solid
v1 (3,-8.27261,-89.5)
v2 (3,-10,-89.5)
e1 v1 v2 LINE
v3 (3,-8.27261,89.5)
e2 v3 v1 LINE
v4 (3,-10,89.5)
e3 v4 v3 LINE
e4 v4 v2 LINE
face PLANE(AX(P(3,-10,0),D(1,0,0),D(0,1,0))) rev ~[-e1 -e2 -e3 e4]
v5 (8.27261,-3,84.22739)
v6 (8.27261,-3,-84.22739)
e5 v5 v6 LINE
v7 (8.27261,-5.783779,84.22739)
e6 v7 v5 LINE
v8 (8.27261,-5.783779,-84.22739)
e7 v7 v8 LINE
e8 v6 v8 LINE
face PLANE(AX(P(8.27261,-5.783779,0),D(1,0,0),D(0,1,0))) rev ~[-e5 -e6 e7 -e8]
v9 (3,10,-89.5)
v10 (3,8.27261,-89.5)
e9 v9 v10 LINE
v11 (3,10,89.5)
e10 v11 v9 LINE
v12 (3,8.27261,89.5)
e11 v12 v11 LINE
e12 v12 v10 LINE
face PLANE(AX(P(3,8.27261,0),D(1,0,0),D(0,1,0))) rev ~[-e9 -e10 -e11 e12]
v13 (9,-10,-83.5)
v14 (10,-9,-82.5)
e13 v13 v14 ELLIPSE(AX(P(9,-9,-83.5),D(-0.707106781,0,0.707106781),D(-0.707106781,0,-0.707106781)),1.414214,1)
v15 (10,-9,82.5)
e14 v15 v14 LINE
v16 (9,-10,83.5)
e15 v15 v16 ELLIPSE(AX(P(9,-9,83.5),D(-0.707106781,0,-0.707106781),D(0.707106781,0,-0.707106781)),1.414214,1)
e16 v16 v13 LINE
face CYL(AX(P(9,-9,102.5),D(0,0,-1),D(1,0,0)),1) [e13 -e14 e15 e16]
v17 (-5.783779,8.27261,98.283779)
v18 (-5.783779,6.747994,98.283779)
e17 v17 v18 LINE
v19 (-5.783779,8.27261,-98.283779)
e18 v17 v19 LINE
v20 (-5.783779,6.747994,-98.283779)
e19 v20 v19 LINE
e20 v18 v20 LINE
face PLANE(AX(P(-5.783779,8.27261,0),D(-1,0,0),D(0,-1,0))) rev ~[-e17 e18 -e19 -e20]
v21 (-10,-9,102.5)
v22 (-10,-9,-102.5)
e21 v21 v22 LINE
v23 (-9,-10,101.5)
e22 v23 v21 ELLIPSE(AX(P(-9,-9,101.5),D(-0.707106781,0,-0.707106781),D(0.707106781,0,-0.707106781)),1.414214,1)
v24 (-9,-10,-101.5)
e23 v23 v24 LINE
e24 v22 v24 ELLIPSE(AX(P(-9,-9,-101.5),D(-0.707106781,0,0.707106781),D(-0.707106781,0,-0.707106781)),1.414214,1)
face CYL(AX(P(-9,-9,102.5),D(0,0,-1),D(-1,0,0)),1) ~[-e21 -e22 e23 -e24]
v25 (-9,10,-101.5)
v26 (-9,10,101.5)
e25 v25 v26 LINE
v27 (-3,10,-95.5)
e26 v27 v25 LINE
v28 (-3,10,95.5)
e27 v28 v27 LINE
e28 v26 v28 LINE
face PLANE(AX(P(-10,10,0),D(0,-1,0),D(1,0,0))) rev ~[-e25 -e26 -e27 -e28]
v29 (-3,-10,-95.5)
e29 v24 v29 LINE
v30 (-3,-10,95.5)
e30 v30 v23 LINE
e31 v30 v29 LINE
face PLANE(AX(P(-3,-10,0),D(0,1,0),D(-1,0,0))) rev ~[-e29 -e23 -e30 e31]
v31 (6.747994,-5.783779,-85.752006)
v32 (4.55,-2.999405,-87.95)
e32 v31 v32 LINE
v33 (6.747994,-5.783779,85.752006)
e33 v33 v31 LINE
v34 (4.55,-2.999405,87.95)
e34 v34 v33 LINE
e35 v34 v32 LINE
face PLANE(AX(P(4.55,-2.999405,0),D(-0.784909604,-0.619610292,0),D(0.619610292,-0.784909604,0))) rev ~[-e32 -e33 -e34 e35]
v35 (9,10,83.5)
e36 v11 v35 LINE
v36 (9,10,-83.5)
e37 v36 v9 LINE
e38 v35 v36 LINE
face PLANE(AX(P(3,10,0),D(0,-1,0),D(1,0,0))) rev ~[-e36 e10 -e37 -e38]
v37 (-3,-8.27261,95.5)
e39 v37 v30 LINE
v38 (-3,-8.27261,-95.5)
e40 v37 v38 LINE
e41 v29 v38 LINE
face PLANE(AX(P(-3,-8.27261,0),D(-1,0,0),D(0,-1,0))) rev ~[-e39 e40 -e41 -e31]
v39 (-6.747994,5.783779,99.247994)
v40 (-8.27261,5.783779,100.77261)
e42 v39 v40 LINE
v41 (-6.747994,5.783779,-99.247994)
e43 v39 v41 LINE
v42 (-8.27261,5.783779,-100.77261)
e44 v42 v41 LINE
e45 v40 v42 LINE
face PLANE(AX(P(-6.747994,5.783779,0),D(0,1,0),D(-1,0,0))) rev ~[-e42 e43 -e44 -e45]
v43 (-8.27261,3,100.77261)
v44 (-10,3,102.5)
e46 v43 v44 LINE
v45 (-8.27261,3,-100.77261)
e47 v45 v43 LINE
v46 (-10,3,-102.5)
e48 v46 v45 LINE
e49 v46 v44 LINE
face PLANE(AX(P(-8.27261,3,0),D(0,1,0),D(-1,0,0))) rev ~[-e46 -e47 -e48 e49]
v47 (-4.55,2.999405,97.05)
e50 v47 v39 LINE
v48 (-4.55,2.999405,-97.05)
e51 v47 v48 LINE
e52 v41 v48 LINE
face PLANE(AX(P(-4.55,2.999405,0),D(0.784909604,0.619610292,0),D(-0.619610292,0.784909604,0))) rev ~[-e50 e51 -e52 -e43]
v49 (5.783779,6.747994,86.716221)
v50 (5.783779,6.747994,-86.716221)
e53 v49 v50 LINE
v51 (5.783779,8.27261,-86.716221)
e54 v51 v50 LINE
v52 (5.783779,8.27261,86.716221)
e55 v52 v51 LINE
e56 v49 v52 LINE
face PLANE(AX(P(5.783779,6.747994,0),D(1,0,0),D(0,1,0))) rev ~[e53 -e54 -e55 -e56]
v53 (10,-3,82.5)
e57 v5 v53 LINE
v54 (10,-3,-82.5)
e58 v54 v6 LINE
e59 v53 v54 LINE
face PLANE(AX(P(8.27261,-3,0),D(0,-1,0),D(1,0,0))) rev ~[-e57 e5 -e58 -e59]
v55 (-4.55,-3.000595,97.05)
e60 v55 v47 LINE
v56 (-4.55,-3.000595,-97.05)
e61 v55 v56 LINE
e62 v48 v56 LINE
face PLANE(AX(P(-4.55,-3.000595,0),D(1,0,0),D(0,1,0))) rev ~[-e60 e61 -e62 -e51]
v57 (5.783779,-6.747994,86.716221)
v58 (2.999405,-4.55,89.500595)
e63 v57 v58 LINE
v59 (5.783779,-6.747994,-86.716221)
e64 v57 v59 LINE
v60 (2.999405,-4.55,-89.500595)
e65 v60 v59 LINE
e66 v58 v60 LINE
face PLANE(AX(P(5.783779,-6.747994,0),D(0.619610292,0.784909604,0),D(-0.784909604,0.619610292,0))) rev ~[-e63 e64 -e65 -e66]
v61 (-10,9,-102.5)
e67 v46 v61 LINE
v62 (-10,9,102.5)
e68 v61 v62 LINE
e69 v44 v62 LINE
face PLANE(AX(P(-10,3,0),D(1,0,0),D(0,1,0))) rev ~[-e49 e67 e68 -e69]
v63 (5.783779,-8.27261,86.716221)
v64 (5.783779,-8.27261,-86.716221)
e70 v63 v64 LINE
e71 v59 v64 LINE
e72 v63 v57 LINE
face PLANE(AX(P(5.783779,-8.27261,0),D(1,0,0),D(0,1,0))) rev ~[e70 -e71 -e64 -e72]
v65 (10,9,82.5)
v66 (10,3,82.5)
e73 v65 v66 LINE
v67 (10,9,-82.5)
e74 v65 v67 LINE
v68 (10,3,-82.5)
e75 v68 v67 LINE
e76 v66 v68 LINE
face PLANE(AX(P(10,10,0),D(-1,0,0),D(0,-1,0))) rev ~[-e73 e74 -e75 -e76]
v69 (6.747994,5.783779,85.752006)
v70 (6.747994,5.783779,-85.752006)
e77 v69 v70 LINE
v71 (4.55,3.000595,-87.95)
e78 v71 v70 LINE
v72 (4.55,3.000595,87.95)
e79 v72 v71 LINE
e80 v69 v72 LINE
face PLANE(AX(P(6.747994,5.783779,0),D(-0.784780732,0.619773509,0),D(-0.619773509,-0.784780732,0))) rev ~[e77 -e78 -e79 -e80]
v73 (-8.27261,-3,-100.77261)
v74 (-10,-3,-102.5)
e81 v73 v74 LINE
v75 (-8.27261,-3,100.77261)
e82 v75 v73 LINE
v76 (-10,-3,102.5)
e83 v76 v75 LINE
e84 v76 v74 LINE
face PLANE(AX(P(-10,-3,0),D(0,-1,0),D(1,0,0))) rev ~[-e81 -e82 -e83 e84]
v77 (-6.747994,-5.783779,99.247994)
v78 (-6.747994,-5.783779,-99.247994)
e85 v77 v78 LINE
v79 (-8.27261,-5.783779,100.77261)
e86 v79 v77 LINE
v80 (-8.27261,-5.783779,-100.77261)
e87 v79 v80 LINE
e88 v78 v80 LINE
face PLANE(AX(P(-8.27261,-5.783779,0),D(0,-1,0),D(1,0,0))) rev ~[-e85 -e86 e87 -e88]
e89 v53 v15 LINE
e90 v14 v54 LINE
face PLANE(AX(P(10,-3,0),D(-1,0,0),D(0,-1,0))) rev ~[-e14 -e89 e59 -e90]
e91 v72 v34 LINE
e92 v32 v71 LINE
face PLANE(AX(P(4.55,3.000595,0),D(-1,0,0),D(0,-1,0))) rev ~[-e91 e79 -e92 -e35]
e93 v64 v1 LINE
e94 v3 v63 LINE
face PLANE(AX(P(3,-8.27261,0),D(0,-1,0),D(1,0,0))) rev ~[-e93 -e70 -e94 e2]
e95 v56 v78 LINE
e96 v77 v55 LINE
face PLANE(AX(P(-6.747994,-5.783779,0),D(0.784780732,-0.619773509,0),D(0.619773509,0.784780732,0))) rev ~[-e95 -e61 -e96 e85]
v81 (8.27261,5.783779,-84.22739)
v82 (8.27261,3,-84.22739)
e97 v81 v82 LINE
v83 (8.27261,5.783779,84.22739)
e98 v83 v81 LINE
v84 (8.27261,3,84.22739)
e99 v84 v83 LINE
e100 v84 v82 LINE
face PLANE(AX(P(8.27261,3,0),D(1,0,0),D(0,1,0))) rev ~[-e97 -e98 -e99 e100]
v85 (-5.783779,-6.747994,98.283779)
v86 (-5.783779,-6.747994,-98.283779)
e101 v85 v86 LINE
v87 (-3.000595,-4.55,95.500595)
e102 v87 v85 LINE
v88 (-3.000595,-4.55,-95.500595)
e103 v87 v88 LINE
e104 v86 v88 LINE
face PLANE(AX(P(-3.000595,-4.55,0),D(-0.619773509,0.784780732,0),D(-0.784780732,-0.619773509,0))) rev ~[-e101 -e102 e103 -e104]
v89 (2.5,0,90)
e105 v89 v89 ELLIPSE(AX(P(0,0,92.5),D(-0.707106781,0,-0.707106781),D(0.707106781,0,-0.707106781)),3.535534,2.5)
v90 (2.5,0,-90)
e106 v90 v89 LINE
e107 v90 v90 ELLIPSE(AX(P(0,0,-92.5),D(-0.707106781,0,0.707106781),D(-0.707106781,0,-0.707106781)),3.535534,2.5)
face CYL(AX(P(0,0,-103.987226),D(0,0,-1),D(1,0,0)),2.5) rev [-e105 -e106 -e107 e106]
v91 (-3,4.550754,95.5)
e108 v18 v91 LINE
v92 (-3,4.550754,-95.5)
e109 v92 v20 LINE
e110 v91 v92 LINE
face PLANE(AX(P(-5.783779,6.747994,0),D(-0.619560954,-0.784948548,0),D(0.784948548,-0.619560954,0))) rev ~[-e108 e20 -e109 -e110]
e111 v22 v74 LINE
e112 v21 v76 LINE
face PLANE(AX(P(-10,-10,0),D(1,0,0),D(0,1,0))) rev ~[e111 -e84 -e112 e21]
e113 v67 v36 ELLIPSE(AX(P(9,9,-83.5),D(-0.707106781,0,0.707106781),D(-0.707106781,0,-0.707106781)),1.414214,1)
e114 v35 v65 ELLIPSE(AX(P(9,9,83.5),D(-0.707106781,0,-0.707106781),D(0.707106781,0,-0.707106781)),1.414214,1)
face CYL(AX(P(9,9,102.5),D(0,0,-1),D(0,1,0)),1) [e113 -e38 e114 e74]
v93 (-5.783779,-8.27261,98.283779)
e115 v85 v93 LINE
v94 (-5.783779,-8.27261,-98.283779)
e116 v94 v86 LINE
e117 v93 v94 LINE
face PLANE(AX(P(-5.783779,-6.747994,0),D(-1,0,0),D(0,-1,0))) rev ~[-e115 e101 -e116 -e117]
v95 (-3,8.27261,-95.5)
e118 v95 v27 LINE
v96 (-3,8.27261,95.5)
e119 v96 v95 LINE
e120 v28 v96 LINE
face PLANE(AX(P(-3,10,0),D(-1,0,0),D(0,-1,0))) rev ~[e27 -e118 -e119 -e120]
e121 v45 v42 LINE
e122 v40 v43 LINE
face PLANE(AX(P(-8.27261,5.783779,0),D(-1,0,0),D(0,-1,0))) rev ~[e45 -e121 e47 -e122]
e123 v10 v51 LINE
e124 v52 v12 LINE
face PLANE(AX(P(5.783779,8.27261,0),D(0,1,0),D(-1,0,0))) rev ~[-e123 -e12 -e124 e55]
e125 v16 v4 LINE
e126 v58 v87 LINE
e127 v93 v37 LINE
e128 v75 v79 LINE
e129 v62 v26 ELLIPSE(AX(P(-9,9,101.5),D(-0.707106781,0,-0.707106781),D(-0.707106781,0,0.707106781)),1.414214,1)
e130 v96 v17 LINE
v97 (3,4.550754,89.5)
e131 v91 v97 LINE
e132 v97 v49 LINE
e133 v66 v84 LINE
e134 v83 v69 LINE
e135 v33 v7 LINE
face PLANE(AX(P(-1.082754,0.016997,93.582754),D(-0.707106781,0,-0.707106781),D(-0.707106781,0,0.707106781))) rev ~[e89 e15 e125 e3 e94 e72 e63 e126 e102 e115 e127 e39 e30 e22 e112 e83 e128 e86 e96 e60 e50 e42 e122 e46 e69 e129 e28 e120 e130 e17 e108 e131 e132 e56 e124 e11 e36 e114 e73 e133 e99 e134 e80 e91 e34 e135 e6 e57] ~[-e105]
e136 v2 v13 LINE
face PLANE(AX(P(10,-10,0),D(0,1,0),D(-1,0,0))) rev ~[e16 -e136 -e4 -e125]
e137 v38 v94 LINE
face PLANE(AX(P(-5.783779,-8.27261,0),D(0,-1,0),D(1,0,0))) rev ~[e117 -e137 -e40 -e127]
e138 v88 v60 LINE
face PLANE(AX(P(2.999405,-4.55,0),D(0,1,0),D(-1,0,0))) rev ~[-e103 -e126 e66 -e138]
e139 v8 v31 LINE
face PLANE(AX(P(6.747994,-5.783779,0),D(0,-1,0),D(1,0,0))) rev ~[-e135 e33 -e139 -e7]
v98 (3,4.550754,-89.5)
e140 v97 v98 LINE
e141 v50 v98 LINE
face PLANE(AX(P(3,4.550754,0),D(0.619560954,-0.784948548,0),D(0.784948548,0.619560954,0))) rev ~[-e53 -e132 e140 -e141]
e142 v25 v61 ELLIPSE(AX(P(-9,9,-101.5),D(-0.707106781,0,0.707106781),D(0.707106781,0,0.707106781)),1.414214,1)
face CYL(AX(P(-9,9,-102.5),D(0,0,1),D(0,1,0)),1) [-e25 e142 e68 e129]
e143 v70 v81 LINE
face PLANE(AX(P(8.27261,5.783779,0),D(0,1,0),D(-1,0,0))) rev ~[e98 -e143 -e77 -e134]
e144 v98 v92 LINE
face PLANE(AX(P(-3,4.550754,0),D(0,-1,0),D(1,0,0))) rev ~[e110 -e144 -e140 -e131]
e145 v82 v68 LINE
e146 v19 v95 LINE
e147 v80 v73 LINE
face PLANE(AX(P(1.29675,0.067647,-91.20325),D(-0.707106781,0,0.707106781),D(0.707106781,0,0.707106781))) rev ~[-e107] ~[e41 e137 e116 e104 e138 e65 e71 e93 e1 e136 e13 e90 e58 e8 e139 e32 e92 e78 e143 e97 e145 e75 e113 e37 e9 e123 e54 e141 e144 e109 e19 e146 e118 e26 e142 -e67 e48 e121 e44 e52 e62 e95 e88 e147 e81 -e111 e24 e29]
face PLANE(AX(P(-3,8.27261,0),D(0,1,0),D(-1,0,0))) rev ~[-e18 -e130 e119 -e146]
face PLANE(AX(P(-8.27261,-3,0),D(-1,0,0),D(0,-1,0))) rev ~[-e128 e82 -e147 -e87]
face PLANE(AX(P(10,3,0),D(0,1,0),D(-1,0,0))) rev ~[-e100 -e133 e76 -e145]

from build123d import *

# Parameters (mm, degrees)
BOSS_EXTRUDE1_DEPTH     = 102.5
CUT_EXTRUDE1_DEPTH      = 206.48722588
CUT_EXTRUDE1_DEPTH_BACK = 206.48722588
SKETCH2_R               = 2.5
FILLET1_R               = 1
SKETCH3_W               = 42.278906
SKETCH3_H               = 22
CUT_EXTRUDE2_DEPTH      = 160.3443598
SKETCH4_W               = 35
SKETCH4_H               = 22.104489803
CUT_EXTRUDE3_DEPTH      = 160.3443598


with BuildPart() as part:
    # Sketch1 → Boss-Extrude1 (new, symmetric)
    with BuildSketch(Plane.XY):
        Polygon((-10, 10), (-3, 10), (-3, 8.272610059), (-5.783778863, 8.272610059), (-5.783778863, 6.747994248), (-3, 4.550753814), (3, 4.550753814), (5.783778863, 6.747994248), (5.783778863, 8.272610059), (3, 8.272610059), (3, 10), (10, 10), (10, 3), (8.272610059, 3), (8.272610059, 5.783778863), (6.747994248, 5.783778863), (4.55, 3.000595152), (4.55, -2.999404848), (6.747994248, -5.783778863), (8.272610059, -5.783778863), (8.272610059, -3), (10, -3), (10, -10), (3, -10), (3, -8.272610059), (5.783778863, -8.272610059), (5.783778863, -6.747994248), (2.999404848, -4.55), (-3.000595152, -4.55), (-5.783778863, -6.747994248), (-5.783778863, -8.272610059), (-3, -8.272610059), (-3, -10), (-10, -10), (-10, -3), (-8.272610059, -3), (-8.272610059, -5.783778863), (-6.747994248, -5.783778863), (-4.55, -3.000595152), (-4.55, 2.999404848), (-6.747994248, 5.783778863), (-8.272610059, 5.783778863), (-8.272610059, 3), (-10, 3), align=None)
    extrude(amount=BOSS_EXTRUDE1_DEPTH, both=True)

    # Sketch2 → Cut-Extrude1 (cut, two sides: drawn at the far end of the back side and taken through both)
    with BuildSketch(Plane.XY.offset(102.5).offset(-CUT_EXTRUDE1_DEPTH_BACK)):
        Circle(SKETCH2_R)
    extrude(amount=CUT_EXTRUDE1_DEPTH + CUT_EXTRUDE1_DEPTH_BACK, mode=Mode.SUBTRACT)

    # Fillet1
    fillet1_edges = [part.edges().sort_by_distance(p)[0] for p in [
        (-10, 10, 0),
        (10, 10, 0),
        (10, -10, 0),
        (-10, -10, 0),
    ]]
    fillet(fillet1_edges, radius=FILLET1_R)

    # Sketch3 → Cut-Extrude2 (cut, through all)
    with BuildSketch(Plane(origin=(46.25, 0, -46.25), x_dir=(0.7071067811865477, 0, 0.7071067811865475), z_dir=(-0.7071067811865475, 0, 0.7071067811865477))):
        with Locations((-63.573496093, 0.067646977)):
            Rectangle(SKETCH3_W, SKETCH3_H)
    extrude(amount=-CUT_EXTRUDE2_DEPTH, mode=Mode.SUBTRACT)

    # Sketch4 → Cut-Extrude3 (cut, through all)
    with BuildSketch(Plane(origin=(46.25, 0, 46.25), x_dir=(-0.7071067811865477, 0, 0.7071067811865475), z_dir=(-0.7071067811865475, 0, -0.7071067811865477))):
        with Locations((66.938622458, 0.016996688)):
            Rectangle(SKETCH4_W, SKETCH4_H)
    extrude(amount=-CUT_EXTRUDE3_DEPTH, mode=Mode.SUBTRACT)


solid = part.part
